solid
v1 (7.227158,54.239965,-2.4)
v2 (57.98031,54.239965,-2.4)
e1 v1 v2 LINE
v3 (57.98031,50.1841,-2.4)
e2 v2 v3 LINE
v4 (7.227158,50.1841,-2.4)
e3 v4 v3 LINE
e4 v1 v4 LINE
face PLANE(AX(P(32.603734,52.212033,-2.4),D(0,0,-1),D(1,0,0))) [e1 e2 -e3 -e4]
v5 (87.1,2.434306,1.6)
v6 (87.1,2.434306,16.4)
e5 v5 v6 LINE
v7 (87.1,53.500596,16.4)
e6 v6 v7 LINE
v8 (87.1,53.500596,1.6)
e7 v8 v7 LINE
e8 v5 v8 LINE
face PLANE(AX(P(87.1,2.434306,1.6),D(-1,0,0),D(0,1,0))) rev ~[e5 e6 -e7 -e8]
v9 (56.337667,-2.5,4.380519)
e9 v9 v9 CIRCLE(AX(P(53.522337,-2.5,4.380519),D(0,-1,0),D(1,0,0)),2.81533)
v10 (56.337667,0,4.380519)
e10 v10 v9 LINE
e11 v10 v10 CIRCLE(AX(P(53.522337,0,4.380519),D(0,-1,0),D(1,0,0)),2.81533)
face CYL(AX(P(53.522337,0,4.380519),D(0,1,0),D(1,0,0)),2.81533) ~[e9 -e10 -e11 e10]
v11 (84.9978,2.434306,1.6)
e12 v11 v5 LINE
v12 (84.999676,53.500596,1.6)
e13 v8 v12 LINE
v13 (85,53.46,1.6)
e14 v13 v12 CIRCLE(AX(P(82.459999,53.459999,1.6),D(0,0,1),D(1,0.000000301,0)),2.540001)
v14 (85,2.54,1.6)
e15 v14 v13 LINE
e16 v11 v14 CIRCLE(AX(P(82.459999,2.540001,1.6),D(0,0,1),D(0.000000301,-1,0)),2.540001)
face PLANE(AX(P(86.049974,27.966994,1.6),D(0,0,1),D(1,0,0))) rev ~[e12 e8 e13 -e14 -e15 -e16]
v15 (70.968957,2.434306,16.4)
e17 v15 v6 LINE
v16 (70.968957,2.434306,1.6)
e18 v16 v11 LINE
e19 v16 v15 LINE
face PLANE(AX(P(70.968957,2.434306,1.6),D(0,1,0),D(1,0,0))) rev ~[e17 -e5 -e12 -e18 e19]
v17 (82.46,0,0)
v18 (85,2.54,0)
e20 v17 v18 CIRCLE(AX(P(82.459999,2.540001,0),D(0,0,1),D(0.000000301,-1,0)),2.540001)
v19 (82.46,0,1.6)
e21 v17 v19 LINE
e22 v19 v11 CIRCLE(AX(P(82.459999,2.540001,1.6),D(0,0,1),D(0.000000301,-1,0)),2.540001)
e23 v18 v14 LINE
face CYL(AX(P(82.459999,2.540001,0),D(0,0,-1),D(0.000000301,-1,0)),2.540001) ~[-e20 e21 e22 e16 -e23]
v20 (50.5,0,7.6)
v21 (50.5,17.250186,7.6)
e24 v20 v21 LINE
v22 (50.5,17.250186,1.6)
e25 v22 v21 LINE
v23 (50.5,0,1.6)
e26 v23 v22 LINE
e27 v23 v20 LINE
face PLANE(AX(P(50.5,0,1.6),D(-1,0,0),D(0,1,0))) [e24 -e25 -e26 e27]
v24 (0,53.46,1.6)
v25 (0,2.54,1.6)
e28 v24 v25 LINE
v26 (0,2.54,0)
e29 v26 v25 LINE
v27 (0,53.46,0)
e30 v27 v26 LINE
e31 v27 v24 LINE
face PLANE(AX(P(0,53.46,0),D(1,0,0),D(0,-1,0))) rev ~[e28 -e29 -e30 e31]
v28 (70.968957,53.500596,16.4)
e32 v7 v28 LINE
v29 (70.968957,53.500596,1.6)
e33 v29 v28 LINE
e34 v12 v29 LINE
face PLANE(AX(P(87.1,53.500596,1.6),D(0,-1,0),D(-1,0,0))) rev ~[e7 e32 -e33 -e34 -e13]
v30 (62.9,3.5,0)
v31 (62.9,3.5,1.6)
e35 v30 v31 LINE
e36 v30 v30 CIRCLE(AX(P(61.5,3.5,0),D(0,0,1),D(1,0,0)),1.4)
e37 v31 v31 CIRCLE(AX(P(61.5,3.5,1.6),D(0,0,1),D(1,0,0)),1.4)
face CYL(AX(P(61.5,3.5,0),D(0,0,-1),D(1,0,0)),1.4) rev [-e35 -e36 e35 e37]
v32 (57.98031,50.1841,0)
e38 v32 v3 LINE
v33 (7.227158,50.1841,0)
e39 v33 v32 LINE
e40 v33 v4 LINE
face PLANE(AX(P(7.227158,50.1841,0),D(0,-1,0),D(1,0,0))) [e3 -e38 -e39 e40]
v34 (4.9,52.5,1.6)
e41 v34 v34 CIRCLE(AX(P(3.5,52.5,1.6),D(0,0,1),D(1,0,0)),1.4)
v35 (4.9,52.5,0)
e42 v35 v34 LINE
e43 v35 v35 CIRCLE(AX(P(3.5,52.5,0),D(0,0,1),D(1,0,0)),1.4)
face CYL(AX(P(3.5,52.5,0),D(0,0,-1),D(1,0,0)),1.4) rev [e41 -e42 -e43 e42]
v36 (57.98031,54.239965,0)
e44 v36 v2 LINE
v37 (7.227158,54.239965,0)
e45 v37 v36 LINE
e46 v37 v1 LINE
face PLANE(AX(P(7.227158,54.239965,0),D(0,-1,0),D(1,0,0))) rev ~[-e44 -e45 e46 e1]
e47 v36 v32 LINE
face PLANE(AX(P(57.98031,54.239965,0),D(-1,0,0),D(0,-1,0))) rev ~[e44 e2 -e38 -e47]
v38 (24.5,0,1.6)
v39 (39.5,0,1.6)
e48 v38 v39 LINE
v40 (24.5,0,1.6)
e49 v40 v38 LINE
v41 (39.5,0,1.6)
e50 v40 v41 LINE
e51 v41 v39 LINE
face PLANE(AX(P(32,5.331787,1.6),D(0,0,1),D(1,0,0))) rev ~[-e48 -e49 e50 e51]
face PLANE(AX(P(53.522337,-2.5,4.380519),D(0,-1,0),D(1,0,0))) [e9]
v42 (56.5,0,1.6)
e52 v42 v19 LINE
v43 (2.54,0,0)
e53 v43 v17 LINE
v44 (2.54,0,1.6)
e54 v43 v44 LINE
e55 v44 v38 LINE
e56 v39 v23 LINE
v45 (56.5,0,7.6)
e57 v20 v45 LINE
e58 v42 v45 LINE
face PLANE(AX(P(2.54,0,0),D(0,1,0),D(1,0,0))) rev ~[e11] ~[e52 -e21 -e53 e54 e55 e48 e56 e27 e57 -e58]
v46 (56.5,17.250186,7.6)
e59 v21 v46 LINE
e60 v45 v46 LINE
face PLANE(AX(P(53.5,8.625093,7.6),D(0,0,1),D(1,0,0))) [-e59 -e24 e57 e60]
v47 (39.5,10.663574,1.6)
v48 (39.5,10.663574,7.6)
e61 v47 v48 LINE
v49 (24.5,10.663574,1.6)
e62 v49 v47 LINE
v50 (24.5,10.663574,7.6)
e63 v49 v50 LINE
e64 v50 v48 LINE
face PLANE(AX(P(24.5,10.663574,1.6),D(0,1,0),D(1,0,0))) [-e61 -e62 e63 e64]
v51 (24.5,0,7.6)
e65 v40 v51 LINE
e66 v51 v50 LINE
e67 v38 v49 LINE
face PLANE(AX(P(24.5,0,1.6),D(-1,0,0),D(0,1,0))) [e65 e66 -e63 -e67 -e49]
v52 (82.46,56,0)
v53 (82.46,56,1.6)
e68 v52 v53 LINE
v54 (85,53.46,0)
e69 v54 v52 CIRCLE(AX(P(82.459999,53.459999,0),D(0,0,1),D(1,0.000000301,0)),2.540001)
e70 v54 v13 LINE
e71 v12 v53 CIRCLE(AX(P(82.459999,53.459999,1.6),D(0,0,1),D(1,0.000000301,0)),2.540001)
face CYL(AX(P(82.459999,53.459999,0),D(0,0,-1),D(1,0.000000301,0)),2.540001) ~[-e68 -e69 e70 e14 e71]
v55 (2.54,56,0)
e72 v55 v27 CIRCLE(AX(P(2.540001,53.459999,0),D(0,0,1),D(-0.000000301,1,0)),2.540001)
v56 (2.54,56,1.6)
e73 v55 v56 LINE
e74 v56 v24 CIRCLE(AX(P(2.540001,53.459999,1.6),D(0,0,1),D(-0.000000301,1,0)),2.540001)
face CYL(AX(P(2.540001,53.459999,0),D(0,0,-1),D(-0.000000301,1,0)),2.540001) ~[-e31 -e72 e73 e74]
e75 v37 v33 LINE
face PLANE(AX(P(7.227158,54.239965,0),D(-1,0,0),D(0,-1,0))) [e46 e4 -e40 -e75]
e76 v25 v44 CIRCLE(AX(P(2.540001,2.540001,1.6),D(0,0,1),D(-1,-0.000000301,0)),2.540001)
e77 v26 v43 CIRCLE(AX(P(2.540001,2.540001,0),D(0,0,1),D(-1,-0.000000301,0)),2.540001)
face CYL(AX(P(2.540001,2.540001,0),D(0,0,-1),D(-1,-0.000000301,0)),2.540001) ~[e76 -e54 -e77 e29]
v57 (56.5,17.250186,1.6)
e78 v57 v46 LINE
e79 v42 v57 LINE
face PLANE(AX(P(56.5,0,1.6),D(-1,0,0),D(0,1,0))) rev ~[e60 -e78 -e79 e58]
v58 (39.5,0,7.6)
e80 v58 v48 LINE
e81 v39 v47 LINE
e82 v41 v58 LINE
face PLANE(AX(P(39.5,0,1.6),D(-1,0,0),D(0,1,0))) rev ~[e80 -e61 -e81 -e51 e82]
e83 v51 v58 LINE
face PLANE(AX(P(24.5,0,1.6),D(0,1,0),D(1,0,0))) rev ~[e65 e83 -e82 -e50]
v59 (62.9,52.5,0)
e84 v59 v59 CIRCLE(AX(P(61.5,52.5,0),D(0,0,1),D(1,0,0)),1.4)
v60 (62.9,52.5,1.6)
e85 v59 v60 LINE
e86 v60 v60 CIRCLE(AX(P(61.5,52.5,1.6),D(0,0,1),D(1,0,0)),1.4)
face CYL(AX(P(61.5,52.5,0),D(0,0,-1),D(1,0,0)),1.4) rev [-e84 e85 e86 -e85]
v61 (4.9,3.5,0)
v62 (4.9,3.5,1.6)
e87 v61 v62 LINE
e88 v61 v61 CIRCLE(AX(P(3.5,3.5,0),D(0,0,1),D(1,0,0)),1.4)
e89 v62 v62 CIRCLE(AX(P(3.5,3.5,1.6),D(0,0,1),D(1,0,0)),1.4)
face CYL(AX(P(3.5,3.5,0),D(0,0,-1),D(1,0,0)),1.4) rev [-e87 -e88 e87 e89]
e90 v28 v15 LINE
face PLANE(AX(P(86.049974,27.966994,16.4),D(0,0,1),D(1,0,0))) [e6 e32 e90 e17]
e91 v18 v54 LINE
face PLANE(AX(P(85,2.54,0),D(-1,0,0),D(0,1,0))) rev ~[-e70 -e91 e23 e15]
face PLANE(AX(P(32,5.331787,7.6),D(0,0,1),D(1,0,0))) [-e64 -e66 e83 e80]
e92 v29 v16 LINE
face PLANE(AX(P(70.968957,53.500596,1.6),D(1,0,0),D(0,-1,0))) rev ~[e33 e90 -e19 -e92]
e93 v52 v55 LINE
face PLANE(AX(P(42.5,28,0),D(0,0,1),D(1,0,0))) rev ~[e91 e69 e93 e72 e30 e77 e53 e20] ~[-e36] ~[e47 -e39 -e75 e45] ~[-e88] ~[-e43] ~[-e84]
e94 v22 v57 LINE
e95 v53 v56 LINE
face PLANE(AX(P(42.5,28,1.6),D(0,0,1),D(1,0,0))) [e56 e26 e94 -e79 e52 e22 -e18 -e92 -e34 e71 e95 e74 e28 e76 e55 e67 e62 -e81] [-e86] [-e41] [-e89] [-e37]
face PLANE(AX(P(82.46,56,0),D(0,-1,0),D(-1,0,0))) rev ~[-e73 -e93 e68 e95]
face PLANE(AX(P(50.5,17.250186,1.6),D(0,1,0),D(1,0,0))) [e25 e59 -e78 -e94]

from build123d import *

# Parameters (mm, degrees)
F0_R     = 1.4
F1_DEPTH = 1.6
F3_DEPTH = 14.8
F4_W     = 50.753152
F4_H     = 4.055865
F5_DEPTH = 2.4
F6_W     = 15
F6_H     = 10.663575
F6_W_2   = 6
F6_H_2   = 17.250186
F7_DEPTH = 6
F8_R     = 2.81533
F9_DEPTH = 2.5


with BuildPart() as f1:
    # F0 (on Top) → F1 (new body)
    with BuildSketch(Plane.XY):
        with BuildLine():
            ThreePointArc((0, 2.54), (0.743949, 0.743949), (2.54, 0))
            Line((2.54, 0), (82.46, 0))
            ThreePointArc((82.46, 0), (84.256051, 0.743949), (85, 2.54))
            Line((85, 2.54), (85, 53.46))
            ThreePointArc((85, 53.46), (84.256051, 55.256051), (82.46, 56))
            Line((82.46, 56), (2.54, 56))
            ThreePointArc((2.54, 56), (0.743949, 55.256051), (0, 53.46))
            Line((0, 53.46), (0, 2.54))
        make_face()
        with Locations((3.5, 3.5)):
            Circle(F0_R, mode=Mode.SUBTRACT)
        with Locations((61.5, 3.5)):
            Circle(F0_R, mode=Mode.SUBTRACT)
        with Locations((3.5, 52.5)):
            Circle(F0_R, mode=Mode.SUBTRACT)
        with Locations((61.5, 52.5)):
            Circle(F0_R, mode=Mode.SUBTRACT)
    extrude(amount=F1_DEPTH)

    # F2 (on face) → F3 (join)
    with BuildSketch(Plane.XY.offset(1.6)):
        with BuildLine():
            Line((87.1, 53.500596), (84.999676, 53.500596))
            ThreePointArc((84.999676, 53.500596), (84.999919, 53.480299), (85, 53.46))
            Line((85, 53.46), (85, 2.54))
            ThreePointArc((85, 2.54), (84.99945, 2.487141), (84.9978, 2.434306))
            Line((84.9978, 2.434306), (87.1, 2.434306))
            Line((87.1, 2.434306), (87.1, 53.500596))
        make_face()
        with BuildLine():
            ThreePointArc((85, 53.46), (84.999919, 53.480299), (84.999676, 53.500596))
            Line((84.999676, 53.500596), (70.968957, 53.500596))
            Line((70.968957, 53.500596), (70.968957, 2.434306))
            Line((70.968957, 2.434306), (84.9978, 2.434306))
            ThreePointArc((84.9978, 2.434306), (84.99945, 2.487141), (85, 2.54))
            Line((85, 2.54), (85, 53.46))
        make_face()
    extrude(amount=F3_DEPTH)

    # F4 (on face) → F5 (join)
    with BuildSketch(Plane(origin=(0, 0, 0), x_dir=(1, 0, 0), z_dir=(0, 0, -1))):
        with Locations((32.603734, -52.212033)):
            Rectangle(F4_W, F4_H)
    extrude(amount=F5_DEPTH)

    # F6 (on face) → F7 (join)
    with BuildSketch(Plane.XY.offset(1.6)):
        with Locations((32, 5.331787)):
            Rectangle(F6_W, F6_H)
        with Locations((53.5, 8.625093)):
            Rectangle(F6_W_2, F6_H_2)
    extrude(amount=F7_DEPTH)

    # F8 (on face) → F9 (join)
    with BuildSketch(Plane.XZ):
        with Locations((53.522337, 4.380519)):
            Circle(F8_R)
    extrude(amount=F9_DEPTH)


solid = f1.part
